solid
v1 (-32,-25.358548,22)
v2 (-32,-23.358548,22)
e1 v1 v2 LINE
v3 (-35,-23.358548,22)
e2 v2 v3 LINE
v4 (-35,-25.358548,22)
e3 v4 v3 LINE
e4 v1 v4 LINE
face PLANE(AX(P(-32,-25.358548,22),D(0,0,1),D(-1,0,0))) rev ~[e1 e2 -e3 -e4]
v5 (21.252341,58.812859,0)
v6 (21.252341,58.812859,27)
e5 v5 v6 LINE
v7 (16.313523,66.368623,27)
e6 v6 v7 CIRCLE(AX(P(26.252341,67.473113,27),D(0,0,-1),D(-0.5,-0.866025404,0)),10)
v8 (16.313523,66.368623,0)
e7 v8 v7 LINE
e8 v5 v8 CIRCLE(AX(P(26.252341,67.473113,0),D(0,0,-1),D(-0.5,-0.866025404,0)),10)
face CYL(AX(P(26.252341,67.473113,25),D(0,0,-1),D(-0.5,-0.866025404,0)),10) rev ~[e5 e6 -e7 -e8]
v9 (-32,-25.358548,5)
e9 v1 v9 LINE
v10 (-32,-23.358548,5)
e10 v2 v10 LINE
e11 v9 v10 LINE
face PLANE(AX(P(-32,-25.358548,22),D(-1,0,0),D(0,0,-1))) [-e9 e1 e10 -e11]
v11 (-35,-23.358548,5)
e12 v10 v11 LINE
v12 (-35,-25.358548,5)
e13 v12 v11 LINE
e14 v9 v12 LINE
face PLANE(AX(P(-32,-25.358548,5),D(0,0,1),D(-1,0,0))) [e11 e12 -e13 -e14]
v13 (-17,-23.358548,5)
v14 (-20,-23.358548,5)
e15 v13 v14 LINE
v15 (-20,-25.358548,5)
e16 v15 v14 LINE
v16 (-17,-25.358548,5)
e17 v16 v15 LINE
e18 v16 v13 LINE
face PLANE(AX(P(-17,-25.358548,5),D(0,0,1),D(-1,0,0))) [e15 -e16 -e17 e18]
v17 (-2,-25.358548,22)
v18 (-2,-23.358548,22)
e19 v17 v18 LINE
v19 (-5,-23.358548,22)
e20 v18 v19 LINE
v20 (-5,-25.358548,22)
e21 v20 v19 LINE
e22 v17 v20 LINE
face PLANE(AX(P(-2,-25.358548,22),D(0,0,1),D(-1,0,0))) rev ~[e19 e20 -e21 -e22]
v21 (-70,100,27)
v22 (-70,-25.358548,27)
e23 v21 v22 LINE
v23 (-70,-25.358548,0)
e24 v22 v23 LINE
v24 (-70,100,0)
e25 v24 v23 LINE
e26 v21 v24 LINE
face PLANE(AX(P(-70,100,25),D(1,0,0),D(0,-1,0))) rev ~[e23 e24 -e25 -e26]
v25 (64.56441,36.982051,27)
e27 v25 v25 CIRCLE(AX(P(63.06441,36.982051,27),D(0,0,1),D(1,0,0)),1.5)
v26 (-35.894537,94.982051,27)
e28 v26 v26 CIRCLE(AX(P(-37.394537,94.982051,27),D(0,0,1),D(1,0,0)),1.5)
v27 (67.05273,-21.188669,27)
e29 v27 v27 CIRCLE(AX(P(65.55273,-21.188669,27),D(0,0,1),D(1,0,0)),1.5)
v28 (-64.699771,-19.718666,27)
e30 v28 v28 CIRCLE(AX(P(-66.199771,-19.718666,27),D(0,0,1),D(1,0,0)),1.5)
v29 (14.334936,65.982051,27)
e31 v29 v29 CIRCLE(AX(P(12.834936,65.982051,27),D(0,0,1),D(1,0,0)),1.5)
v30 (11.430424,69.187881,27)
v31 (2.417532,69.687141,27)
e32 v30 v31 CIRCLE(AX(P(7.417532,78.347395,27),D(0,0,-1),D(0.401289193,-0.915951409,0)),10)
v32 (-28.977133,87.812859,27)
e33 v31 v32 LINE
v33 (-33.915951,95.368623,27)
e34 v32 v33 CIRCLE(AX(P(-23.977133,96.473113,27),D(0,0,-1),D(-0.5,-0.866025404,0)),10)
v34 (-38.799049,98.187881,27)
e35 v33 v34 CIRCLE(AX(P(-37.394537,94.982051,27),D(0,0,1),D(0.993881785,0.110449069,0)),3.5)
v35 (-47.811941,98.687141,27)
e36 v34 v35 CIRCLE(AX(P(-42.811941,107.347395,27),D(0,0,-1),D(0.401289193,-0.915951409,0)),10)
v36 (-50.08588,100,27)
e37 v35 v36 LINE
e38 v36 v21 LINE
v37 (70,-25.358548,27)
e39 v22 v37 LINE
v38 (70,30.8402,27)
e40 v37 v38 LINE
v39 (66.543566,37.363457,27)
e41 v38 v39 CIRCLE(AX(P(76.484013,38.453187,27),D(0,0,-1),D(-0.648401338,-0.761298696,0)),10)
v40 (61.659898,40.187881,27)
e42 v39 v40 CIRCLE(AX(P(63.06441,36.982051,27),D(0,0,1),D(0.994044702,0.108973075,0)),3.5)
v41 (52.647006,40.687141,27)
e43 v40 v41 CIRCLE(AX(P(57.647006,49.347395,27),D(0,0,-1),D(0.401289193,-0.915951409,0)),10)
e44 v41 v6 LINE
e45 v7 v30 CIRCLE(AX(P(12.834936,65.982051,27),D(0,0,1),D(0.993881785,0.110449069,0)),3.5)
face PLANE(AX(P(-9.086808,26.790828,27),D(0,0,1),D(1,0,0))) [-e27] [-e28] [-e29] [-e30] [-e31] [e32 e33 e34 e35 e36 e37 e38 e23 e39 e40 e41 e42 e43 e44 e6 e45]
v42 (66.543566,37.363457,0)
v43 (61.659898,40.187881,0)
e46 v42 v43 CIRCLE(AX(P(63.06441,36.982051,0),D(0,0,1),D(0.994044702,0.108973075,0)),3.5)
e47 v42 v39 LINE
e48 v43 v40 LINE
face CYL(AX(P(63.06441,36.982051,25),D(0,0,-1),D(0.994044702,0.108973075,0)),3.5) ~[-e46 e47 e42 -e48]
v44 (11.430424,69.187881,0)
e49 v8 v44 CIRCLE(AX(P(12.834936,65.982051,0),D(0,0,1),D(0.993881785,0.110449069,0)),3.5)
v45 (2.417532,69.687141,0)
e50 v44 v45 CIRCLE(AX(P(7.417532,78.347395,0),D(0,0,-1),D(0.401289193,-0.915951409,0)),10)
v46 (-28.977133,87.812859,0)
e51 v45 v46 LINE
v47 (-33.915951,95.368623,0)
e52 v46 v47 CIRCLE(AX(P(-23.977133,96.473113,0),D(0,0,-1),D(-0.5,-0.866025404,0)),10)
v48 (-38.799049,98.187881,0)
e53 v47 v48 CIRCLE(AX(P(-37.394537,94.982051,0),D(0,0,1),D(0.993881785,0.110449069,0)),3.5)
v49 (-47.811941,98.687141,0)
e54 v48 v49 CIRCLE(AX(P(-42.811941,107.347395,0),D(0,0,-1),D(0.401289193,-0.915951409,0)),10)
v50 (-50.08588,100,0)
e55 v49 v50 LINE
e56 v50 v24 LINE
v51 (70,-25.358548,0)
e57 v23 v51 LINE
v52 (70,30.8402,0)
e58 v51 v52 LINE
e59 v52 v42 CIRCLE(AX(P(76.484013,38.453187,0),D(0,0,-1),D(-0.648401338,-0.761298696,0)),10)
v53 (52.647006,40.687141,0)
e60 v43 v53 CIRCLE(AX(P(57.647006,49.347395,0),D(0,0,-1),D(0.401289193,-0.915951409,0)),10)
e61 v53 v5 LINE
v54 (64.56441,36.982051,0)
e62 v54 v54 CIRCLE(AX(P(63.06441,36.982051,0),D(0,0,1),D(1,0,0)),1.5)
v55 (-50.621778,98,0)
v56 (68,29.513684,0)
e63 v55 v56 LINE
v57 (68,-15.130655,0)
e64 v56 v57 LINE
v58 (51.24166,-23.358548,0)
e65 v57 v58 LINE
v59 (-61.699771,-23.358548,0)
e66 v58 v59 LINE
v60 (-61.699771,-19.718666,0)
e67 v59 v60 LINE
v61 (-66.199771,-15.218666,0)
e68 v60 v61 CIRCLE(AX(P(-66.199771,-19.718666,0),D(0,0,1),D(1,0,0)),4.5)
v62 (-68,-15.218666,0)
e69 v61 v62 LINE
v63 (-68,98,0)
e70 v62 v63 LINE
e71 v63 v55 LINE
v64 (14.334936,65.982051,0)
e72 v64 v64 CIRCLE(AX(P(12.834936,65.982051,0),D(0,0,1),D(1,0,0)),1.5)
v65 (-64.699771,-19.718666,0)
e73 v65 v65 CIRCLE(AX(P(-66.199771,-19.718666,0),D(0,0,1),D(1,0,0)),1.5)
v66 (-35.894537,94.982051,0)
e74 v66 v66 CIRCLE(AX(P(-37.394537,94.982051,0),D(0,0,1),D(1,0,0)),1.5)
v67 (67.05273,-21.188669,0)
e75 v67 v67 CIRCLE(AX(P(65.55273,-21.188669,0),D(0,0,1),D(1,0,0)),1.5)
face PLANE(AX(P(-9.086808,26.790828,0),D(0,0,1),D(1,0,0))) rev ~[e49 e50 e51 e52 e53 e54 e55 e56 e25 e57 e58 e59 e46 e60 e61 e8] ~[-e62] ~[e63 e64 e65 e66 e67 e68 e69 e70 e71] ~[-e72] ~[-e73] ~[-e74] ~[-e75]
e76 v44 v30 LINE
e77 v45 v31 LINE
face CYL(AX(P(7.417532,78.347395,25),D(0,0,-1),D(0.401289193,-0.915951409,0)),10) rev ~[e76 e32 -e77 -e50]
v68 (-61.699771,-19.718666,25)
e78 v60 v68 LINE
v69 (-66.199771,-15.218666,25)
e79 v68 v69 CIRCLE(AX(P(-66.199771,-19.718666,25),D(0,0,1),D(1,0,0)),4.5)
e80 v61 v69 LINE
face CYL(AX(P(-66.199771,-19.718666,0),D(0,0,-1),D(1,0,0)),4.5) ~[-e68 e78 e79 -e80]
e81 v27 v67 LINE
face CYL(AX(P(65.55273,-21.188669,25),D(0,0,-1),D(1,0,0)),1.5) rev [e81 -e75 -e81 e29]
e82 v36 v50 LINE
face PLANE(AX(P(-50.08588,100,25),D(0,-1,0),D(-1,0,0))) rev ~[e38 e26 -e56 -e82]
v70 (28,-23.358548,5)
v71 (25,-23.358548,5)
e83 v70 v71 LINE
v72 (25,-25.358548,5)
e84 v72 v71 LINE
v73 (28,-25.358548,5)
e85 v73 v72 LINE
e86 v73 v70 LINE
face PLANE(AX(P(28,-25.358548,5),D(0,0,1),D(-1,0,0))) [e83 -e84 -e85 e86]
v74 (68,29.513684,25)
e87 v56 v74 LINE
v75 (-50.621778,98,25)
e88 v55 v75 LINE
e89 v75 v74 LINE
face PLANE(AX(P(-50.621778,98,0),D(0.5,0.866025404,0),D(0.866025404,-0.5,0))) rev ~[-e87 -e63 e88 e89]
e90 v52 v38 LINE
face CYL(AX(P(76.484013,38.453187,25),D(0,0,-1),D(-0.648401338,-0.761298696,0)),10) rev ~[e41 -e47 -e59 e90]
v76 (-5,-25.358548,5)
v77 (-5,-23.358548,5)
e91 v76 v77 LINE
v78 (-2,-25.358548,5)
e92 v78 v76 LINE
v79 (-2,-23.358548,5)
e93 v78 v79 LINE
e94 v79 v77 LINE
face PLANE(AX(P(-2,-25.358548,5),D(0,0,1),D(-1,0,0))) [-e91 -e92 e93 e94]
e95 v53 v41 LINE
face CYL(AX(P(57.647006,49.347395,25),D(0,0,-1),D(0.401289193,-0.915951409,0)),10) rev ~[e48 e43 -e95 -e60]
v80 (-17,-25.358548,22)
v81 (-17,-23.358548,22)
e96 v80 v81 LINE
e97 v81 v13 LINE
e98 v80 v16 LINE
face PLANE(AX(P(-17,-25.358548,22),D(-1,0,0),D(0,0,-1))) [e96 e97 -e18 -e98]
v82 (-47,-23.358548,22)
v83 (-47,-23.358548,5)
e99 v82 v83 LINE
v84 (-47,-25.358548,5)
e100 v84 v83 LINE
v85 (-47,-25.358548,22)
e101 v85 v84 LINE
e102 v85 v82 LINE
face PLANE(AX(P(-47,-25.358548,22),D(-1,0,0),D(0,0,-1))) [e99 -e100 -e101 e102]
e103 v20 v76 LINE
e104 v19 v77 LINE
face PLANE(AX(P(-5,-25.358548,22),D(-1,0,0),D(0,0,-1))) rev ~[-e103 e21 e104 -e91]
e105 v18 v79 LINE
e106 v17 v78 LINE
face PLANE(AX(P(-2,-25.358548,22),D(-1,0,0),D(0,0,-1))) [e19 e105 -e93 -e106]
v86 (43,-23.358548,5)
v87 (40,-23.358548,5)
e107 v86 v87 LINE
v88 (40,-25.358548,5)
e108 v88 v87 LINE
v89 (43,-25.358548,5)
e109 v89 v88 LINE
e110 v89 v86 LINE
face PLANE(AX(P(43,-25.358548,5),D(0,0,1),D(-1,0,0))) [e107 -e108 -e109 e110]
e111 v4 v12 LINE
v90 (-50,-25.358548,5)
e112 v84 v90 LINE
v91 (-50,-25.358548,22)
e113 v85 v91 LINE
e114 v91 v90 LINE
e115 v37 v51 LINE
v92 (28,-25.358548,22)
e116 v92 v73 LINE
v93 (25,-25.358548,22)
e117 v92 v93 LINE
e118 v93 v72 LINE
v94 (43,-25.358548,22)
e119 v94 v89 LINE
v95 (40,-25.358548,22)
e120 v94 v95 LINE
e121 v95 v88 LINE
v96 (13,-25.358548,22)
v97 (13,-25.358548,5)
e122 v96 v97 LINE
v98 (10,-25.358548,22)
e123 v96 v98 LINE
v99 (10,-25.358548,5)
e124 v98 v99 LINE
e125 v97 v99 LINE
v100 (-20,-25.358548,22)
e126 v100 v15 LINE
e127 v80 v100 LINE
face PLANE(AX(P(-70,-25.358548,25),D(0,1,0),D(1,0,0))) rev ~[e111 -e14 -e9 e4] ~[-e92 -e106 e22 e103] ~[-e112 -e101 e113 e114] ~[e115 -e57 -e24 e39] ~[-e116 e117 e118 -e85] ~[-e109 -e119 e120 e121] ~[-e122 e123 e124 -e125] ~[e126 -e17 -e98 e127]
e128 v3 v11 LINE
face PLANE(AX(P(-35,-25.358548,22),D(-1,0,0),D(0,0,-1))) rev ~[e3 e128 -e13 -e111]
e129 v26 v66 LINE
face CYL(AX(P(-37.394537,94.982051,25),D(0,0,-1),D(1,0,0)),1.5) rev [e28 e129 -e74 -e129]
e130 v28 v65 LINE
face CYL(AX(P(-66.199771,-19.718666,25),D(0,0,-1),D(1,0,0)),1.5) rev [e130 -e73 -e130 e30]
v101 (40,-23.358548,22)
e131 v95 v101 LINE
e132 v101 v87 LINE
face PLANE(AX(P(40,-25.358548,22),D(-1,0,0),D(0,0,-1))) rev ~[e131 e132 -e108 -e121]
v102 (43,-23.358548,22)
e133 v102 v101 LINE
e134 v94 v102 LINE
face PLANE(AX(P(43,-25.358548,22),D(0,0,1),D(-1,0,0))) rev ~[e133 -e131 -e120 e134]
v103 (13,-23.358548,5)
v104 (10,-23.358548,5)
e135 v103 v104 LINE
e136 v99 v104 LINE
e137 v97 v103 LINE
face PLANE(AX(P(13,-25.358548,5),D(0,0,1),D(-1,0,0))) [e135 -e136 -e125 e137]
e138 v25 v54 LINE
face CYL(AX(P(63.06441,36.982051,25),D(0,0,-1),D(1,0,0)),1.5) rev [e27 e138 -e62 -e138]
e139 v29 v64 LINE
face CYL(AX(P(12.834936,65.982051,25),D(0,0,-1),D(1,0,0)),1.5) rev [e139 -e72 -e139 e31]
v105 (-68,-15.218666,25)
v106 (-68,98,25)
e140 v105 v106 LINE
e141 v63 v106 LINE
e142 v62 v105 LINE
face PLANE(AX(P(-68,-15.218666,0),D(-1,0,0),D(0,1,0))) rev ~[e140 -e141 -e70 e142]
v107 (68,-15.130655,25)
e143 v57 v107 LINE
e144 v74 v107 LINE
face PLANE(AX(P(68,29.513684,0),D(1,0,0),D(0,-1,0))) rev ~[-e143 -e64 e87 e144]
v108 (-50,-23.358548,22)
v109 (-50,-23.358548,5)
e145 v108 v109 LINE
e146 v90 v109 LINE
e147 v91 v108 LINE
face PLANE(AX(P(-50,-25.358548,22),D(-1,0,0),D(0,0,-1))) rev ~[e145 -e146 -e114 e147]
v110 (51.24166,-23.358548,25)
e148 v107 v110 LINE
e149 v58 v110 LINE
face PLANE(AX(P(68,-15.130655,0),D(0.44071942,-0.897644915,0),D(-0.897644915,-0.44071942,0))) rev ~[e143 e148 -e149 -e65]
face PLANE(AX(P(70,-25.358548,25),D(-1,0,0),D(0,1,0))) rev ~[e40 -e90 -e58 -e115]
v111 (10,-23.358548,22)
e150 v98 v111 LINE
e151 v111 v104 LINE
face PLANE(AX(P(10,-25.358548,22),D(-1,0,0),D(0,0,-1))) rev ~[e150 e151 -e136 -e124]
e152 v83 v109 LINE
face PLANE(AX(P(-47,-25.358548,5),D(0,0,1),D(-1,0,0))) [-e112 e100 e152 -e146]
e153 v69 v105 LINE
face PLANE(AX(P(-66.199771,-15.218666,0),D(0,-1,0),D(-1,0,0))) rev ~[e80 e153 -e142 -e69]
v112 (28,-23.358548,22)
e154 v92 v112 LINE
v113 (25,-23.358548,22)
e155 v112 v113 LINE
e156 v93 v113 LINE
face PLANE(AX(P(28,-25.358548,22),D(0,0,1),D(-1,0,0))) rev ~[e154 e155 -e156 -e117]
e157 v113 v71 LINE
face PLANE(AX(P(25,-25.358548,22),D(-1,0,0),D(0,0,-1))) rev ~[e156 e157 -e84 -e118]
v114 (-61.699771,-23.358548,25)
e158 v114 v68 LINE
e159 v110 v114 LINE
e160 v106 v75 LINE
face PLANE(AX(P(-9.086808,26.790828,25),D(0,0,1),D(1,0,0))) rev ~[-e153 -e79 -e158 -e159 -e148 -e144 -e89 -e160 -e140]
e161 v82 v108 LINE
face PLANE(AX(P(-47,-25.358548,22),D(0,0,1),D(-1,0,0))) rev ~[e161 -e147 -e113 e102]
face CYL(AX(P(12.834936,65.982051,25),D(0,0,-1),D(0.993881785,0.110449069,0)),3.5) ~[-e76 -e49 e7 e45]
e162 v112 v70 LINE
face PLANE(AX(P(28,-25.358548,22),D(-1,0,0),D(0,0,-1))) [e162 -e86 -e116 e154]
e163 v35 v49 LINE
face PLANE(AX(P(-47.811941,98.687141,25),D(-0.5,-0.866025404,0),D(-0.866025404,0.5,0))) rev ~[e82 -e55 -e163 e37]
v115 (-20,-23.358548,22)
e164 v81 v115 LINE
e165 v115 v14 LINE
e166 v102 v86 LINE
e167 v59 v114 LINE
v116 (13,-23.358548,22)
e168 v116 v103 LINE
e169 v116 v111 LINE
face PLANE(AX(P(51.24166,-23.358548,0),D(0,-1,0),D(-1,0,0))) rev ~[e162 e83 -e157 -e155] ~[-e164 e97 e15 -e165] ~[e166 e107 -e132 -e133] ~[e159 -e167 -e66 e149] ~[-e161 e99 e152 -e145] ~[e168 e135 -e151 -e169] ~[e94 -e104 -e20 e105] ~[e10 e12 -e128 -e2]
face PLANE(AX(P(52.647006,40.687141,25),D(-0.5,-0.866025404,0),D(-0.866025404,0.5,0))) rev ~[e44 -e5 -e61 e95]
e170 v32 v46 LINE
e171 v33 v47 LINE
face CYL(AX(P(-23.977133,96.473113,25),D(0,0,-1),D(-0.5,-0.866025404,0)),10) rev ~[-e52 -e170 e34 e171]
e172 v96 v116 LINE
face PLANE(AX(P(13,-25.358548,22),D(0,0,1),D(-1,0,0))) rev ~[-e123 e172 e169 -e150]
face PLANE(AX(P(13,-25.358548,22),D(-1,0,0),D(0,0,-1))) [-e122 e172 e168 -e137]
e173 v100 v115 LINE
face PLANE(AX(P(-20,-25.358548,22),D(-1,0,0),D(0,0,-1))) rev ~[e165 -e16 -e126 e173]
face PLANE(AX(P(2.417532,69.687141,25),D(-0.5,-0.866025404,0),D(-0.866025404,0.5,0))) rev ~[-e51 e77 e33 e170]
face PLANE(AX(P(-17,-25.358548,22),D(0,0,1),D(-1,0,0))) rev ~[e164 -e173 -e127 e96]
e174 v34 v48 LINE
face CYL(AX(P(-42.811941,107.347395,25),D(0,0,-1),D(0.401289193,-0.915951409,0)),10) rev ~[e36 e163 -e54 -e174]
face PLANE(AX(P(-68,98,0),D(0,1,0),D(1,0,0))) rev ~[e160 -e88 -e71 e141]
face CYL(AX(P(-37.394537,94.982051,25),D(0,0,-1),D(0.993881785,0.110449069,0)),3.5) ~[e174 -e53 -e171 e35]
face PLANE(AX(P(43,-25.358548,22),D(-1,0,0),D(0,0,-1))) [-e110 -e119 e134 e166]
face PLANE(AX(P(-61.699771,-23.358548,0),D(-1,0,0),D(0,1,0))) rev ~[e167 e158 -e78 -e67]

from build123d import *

# Parameters (mm, degrees)
SKETCH1_R           = 1.5
BOSS_EXTRUDE1_DEPTH = 25
SKETCH2_R           = 1.5
BOSS_EXTRUDE2_DEPTH = 2
SKETCH3_W           = 3
SKETCH3_H           = 17
CUT_EXTRUDE1_DEPTH  = 2
LPATTERN1_COUNT     = 7
LPATTERN1_PITCH     = 15


with BuildPart() as part:
    # Sketch1 → Boss-Extrude1 (new body)
    with BuildSketch(Plane.XY):
        with BuildLine():
            Line((-50.08587988, 100), (-70, 100))
            Line((-70, 100), (-70, -25.358547654))
            Line((-70, -25.358547654), (70, -25.358547654))
            Line((70, -25.358547654), (70, 30.840200363))
            ThreePointArc((70, 30.840200363), (67.647784394, 33.77119445), (66.543566366, 37.363456571))
            ThreePointArc((66.543566366, 37.363456571), (64.816659948, 40.011839547), (61.659897736, 40.187880739))
            ThreePointArc((61.659897736, 40.187880739), (57.09391383, 39.362702083), (52.647005809, 40.687140793))
            Line((52.647005809, 40.687140793), (21.252340591, 58.812859207))
            ThreePointArc((21.252340591, 58.812859207), (17.881889013, 62.001775167), (16.313522739, 66.368622551))
            ThreePointArc((16.313522739, 66.368622551), (14.584936491, 69.013139721), (11.430424316, 69.187880739))
            ThreePointArc((11.430424316, 69.187880739), (6.864440411, 68.362702083), (2.41753239, 69.687140793))
            Line((2.41753239, 69.687140793), (-28.977132828, 87.812859207))
            ThreePointArc((-28.977132828, 87.812859207), (-32.347584407, 91.001775167), (-33.915950681, 95.368622551))
            ThreePointArc((-33.915950681, 95.368622551), (-35.644536929, 98.013139721), (-38.799049103, 98.187880739))
            ThreePointArc((-38.799049103, 98.187880739), (-43.365033009, 97.362702083), (-47.81194103, 98.687140793))
            Line((-47.81194103, 98.687140793), (-50.08587988, 100))
        make_face()
        with BuildLine():
            Line((-50.621778265, 98), (68, 29.513684387))
            Line((68, 29.513684387), (68, -15.130655325))
            Line((68, -15.130655325), (51.241660417, -23.358547654))
            Line((51.241660417, -23.358547654), (-61.699771159, -23.358547654))
            Line((-61.699771159, -23.358547654), (-61.699771159, -19.718666382))
            ThreePointArc((-61.699771159, -19.718666382), (-63.017790644, -16.536685867), (-66.199771159, -15.218666382))
            Line((-66.199771159, -15.218666382), (-68, -15.218666382))
            Line((-68, -15.218666382), (-68, 98))
            Line((-68, 98), (-50.621778265, 98))
        make_face(mode=Mode.SUBTRACT)
        with Locations((63.06440991, 36.982050808)):
            Circle(SKETCH1_R, mode=Mode.SUBTRACT)
        with Locations((-37.394536929, 94.982050808)):
            Circle(SKETCH1_R, mode=Mode.SUBTRACT)
        with Locations((12.834936491, 65.982050808)):
            Circle(SKETCH1_R, mode=Mode.SUBTRACT)
        with Locations((65.552729719, -21.188668784)):
            Circle(SKETCH1_R, mode=Mode.SUBTRACT)
        with Locations((-66.199771159, -19.718666382)):
            Circle(SKETCH1_R, mode=Mode.SUBTRACT)
    extrude(amount=BOSS_EXTRUDE1_DEPTH)

    # Sketch2 → Boss-Extrude2 (add)
    with BuildSketch(Plane.XY.offset(25)):
        with BuildLine():
            Line((70, -25.358547654), (70, 30.840200363))
            ThreePointArc((70, 30.840200363), (67.647784394, 33.77119445), (66.543566366, 37.363456571))
            ThreePointArc((66.543566366, 37.363456571), (64.816659948, 40.011839547), (61.659897736, 40.187880739))
            ThreePointArc((61.659897736, 40.187880739), (57.09391383, 39.362702083), (52.647005809, 40.687140793))
            Line((52.647005809, 40.687140793), (21.252340591, 58.812859207))
            ThreePointArc((21.252340591, 58.812859207), (17.881889013, 62.001775167), (16.313522739, 66.368622551))
            ThreePointArc((16.313522739, 66.368622551), (14.584936491, 69.013139721), (11.430424316, 69.187880739))
            ThreePointArc((11.430424316, 69.187880739), (6.864440411, 68.362702083), (2.41753239, 69.687140793))
            Line((2.41753239, 69.687140793), (-28.977132828, 87.812859207))
            ThreePointArc((-28.977132828, 87.812859207), (-32.347584407, 91.001775167), (-33.915950681, 95.368622551))
            ThreePointArc((-33.915950681, 95.368622551), (-35.644536929, 98.013139721), (-38.799049103, 98.187880739))
            ThreePointArc((-38.799049103, 98.187880739), (-43.365033009, 97.362702083), (-47.81194103, 98.687140793))
            Line((-47.81194103, 98.687140793), (-50.08587988, 100))
            Line((-50.08587988, 100), (-70, 100))
            Line((-70, 100), (-70, -25.358547654))
            Line((-70, -25.358547654), (70, -25.358547654))
        make_face()
        with Locations((-37.394536929, 94.982050808)):
            Circle(SKETCH2_R, mode=Mode.SUBTRACT)
        with Locations((12.834936491, 65.982050808)):
            Circle(SKETCH2_R, mode=Mode.SUBTRACT)
        with Locations((63.06440991, 36.982050808)):
            Circle(SKETCH2_R, mode=Mode.SUBTRACT)
        with Locations((65.552729719, -21.188668784)):
            Circle(SKETCH2_R, mode=Mode.SUBTRACT)
        with Locations((-66.199771159, -19.718666382)):
            Circle(SKETCH2_R, mode=Mode.SUBTRACT)
    extrude(amount=BOSS_EXTRUDE2_DEPTH)

    # Sketch3 → Cut-Extrude1 (cut)
    with BuildSketch(Plane(origin=(0, -25.358547654, 0), x_dir=(-1, 0, 0), z_dir=(0, -1, 0))):
        with Locations((48.5, -13.5)):
            Rectangle(SKETCH3_W, SKETCH3_H)
    cut_extrude1 = extrude(amount=-CUT_EXTRUDE1_DEPTH, mode=Mode.SUBTRACT)

    # LPattern1: Cut-Extrude1 ×7
    with Locations(*[(i * LPATTERN1_PITCH, 0, 0) for i in range(1, LPATTERN1_COUNT)]):
        add(cut_extrude1, mode=Mode.SUBTRACT)


solid = part.part
